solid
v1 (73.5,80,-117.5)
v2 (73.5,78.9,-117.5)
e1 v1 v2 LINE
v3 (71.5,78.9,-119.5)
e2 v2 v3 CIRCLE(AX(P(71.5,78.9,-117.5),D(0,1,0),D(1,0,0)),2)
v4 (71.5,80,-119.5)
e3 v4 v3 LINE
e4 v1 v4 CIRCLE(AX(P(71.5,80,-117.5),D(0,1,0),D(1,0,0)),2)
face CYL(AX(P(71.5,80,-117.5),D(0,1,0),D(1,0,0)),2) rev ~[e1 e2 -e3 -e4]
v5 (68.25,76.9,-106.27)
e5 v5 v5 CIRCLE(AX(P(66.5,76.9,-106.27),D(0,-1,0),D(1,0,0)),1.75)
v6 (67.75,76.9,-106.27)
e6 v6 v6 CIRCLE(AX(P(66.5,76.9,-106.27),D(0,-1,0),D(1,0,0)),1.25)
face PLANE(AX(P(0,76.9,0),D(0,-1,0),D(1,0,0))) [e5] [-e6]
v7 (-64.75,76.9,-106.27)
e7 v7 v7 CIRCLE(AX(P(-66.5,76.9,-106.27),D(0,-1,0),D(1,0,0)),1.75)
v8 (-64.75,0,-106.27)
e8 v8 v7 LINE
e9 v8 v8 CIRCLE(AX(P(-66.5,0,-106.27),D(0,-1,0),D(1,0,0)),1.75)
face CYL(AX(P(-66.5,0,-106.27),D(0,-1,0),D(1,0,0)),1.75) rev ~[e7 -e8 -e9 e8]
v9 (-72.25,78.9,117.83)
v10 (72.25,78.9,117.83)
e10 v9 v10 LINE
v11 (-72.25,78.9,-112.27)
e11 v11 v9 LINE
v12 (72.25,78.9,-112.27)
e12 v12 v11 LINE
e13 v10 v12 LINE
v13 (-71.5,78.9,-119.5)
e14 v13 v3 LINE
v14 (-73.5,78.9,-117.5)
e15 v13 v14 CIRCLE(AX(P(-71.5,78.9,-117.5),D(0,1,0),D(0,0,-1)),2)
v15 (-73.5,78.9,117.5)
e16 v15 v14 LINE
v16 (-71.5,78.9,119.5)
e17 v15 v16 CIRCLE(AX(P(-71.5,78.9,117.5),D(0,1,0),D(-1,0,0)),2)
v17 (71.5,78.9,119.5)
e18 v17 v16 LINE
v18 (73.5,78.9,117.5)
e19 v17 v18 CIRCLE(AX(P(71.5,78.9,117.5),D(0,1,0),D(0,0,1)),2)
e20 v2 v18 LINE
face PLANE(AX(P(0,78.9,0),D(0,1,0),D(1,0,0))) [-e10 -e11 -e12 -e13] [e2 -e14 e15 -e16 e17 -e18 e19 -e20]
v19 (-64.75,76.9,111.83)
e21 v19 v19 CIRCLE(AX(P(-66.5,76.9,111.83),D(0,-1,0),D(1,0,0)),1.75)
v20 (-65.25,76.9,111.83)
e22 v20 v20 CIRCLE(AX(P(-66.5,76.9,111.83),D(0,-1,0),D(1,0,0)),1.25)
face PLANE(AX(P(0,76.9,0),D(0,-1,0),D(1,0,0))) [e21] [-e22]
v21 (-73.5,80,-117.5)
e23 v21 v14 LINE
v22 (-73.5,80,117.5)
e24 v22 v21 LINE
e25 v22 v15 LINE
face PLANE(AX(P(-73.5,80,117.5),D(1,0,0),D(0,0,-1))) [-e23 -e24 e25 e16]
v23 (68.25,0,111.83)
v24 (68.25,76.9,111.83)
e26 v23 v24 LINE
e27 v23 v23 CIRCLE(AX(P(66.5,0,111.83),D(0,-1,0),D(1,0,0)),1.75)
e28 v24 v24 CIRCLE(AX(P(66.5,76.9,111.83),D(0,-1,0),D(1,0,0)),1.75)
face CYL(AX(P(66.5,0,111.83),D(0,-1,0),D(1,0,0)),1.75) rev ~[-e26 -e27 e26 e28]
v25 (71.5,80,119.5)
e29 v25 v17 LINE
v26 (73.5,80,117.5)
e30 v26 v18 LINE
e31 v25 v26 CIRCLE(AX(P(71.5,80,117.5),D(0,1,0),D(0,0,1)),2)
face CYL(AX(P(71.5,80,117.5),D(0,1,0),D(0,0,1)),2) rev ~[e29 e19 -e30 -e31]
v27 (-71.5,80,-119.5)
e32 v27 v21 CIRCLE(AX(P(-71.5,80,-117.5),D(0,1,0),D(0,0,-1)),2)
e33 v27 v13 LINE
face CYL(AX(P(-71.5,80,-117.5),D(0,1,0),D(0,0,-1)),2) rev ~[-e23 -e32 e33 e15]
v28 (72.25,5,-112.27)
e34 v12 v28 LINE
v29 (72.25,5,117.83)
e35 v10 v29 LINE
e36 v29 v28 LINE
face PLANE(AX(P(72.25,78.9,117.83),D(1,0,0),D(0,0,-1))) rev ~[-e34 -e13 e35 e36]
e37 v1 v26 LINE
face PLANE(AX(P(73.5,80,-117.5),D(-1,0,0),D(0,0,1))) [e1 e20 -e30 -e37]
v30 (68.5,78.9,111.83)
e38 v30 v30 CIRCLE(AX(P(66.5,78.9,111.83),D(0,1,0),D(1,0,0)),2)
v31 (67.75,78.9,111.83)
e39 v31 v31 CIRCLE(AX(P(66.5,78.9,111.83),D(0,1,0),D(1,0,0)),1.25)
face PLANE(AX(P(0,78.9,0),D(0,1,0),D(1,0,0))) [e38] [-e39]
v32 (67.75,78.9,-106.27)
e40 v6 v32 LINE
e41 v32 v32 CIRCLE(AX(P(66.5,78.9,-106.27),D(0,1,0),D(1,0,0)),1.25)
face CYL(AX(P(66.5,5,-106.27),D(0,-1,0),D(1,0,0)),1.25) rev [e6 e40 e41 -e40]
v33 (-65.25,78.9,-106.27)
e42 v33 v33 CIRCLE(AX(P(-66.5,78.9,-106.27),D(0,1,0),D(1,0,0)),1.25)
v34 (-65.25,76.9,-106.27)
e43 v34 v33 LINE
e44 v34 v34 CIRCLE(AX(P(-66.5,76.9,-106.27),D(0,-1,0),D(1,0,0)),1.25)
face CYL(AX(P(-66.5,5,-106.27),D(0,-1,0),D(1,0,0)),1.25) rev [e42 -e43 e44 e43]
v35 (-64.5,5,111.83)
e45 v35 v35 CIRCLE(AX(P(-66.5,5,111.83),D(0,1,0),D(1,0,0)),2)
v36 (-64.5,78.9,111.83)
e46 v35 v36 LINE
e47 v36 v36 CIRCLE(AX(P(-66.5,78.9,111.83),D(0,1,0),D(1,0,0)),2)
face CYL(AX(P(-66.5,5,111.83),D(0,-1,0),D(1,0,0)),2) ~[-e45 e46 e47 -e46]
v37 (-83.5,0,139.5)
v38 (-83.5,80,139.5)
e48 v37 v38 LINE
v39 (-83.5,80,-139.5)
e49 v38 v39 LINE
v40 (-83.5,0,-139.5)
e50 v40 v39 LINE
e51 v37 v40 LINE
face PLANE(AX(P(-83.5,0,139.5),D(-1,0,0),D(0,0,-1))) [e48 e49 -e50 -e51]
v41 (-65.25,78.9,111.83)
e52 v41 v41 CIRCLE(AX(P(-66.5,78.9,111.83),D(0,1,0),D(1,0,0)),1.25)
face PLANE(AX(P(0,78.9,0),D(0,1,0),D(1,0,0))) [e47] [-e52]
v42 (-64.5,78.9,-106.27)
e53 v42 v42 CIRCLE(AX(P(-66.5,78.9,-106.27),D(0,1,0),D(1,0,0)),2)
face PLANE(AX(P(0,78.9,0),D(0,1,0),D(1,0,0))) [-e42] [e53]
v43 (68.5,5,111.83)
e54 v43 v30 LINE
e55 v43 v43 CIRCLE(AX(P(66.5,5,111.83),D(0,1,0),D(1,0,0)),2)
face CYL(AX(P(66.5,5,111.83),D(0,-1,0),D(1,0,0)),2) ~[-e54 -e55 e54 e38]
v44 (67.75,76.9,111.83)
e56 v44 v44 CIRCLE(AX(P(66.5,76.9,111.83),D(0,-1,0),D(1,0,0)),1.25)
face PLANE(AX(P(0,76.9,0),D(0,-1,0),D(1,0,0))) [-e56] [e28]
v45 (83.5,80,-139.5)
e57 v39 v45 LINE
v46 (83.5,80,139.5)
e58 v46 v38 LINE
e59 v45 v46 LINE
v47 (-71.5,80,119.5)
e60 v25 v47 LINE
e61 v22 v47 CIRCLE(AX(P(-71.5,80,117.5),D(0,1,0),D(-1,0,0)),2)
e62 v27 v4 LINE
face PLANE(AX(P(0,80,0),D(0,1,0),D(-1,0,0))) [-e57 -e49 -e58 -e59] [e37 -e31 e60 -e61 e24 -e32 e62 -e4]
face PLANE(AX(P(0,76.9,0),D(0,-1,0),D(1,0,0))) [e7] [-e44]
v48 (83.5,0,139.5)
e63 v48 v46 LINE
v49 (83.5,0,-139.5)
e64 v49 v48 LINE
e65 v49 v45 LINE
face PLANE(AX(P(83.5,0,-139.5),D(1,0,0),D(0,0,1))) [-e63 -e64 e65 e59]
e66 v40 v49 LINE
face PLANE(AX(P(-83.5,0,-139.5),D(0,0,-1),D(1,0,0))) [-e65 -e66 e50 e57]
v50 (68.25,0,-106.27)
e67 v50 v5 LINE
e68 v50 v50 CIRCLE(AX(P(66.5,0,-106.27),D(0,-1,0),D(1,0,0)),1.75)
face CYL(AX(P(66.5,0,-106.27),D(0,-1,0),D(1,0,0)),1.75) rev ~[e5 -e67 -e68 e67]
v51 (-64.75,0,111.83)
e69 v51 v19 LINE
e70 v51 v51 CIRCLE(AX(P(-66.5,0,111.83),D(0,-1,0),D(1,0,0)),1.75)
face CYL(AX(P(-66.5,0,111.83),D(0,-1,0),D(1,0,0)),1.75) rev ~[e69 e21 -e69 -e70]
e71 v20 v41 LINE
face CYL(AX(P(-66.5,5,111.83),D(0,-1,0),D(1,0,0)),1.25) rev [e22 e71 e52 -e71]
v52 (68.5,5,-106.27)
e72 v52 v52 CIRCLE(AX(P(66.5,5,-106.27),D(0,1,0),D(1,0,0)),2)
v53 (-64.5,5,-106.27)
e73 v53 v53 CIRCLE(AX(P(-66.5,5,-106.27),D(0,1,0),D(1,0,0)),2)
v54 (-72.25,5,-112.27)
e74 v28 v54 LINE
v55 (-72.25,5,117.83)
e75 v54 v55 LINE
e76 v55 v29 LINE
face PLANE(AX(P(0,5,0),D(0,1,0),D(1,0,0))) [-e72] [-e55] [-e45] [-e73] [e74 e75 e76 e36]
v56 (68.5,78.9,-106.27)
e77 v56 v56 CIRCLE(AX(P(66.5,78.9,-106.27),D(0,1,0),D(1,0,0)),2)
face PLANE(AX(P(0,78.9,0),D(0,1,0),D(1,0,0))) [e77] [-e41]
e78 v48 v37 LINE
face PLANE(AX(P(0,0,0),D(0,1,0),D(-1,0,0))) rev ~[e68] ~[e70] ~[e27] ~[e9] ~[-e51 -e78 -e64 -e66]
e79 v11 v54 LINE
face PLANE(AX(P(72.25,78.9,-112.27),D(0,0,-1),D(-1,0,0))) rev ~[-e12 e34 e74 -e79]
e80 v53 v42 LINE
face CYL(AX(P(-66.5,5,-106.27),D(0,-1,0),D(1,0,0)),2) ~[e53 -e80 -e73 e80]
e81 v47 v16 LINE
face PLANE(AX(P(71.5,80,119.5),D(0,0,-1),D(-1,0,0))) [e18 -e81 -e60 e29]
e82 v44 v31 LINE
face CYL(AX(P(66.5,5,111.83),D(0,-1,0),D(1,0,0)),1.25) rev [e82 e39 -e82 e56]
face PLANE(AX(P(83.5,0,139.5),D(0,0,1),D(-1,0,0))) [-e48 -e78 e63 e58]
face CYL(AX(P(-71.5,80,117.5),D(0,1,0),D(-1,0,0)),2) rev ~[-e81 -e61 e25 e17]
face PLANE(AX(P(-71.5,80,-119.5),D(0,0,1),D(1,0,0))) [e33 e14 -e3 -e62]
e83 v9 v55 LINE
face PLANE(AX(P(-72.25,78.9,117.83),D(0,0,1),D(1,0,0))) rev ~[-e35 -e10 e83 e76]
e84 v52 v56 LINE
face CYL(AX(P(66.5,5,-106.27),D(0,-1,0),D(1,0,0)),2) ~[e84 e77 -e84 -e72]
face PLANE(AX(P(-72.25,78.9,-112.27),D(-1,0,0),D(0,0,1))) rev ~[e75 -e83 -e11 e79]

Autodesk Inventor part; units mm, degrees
ref_plane "YZ Plane" through (0, 0, 0) normal (1, 0, 0) x (0, 1, 0)
ref_plane "XZ Plane" through (0, 0, 0) normal (0, 1, 0) x (-1, 0, 0)
ref_plane "XY Plane" through (0, 0, 0) normal (0, 0, 1) x (1, 0, 0)
sketch "Sketch1" plane through (0, 0, 0) normal (0, 1, 0) x (-1, 0, 0)
  line L0 (-83.5, 139.5) -> (83.5, 139.5)
  line L1 (83.5, 139.5) -> (83.5, -139.5)
  line L2 (83.5, -139.5) -> (-83.5, -139.5)
  line L3 (-83.5, -139.5) -> (-83.5, 139.5)
  line L4 (-83.5, 139.5) -> (83.5, -139.5) construction
  line L5 (83.5, 139.5) -> (-83.5, -139.5) construction
  point P0 (0, 0)
  dimension "d0" = 167
  dimension "d1" = 279
extrude "Extrusion1" add sketch "Sketch1" along normal blind 80
sketch "Sketch2" plane through (0, 80, 0) normal (0, 1, 0) x (1, 0, 0)
  line L0 (71.5, -119.5) -> (-71.5, -119.5)
  line L1 (-73.5, -117.5) -> (-73.5, 117.5)
  line L2 (-71.5, 119.5) -> (71.5, 119.5)
  line L3 (73.5, 117.5) -> (73.5, -117.5)
  line L4 (73.5, -119.5) -> (-73.5, 119.5) construction
  line L5 (-73.5, -119.5) -> (73.5, 119.5) construction
  arc A0 (-73.5, -117.5) -> (-71.5, -119.5) centre (-71.5, -117.5) ccw
  arc A1 (-71.5, 119.5) -> (-73.5, 117.5) centre (-71.5, 117.5) ccw
  arc A2 (73.5, 117.5) -> (71.5, 119.5) centre (71.5, 117.5) ccw
  arc A3 (71.5, -119.5) -> (73.5, -117.5) centre (71.5, -117.5) ccw
  point P0 (0, 0)
  dimension "d4" = 147
  dimension "d5" = 239
  dimension "d6" = 2
extrude "Extrusion2" cut sketch "Sketch2" against normal blind 1.1
sketch "Sketch3" plane through (0, 78.9, 0) normal (0, 1, 0) x (1, 0, 0)
  line L0 (-73.5, -117.5) -> (-73.5, 117.5) projected
  line L1 (71.5, -119.5) -> (-71.5, -119.5) projected
  line L2 (-72.25, -117.83) -> (72.25, -117.83)
  line L3 (72.25, -117.83) -> (72.25, 112.27)
  line L4 (72.25, 112.27) -> (-72.25, 112.27)
  line L5 (-72.25, 112.27) -> (-72.25, -117.83)
  point P0 (0, 0)
  dimension "d9" = 1.25
  dimension "d10" = 1.67
  dimension "d11" = 144.5
  dimension "d12" = 230.1
extrude "Extrusion3" cut sketch "Sketch3" against normal blind 73.9
sketch "Sketch4" plane through (0, 5, 0) normal (0, 1, 0) x (1, 0, 0)
  circle A0 centre (-66.5, -111.83) radius 2
  line L0 (72.25, -117.83) -> (-72.25, -117.83) projected
  line L1 (-72.25, -117.83) -> (-72.25, 112.27) projected
  circle A1 centre (66.5, -111.83) radius 2
  line L2 (72.25, 112.27) -> (72.25, -117.83) projected
  circle A2 centre (-66.5, 106.27) radius 2
  line L3 (-72.25, 112.27) -> (72.25, 112.27) projected
  circle A3 centre (66.5, 106.27) radius 2
  point P0 (0, 0)
  dimension "d15" = 4
  dimension "d16" = 6
  dimension "d17" = 5.75
  dimension "d18" = 4
  dimension "d19" = 6
  dimension "d20" = 5.75
  dimension "d21" = 4
  dimension "d22" = 5.75
  dimension "d23" = 6
  dimension "d24" = 4
  dimension "d25" = 6
  dimension "d26" = 5.75
extrude "Extrusion4" add sketch "Sketch4" along normal blind 73.9 contours A0 | A1 | A2 | A3
sketch "Sketch5" plane through (0, 5, 0) normal (0, 1, 0) x (1, 0, 0)
  circle A0 centre (-66.5, -111.83) radius 2 projected
  circle A1 centre (-66.5, -111.83) radius 1.25
  circle A2 centre (-66.5, 106.27) radius 2 projected
  circle A3 centre (-66.5, 106.27) radius 1.25
  circle A4 centre (66.5, 106.27) radius 2 projected
  circle A5 centre (66.5, 106.27) radius 1.25
  circle A6 centre (66.5, -111.83) radius 1.25
  point P0 (0, 0)
  dimension "d29" = 2.5
  dimension "d30" = 2.5
  dimension "d31" = 2.5
  dimension "d32" = 2.5
extrude "Extrusion5" cut sketch "Sketch5" along normal blind 73.9 and the other way blind 5 contours A1 | A3 | A5 | A6
sketch "Sketch6" plane through (0, 0, 0) normal (0, -1, 0) x (1, 0, 0)
  circle A0 centre (-66.5, -106.27) radius 1.25 projected
  circle A1 centre (-66.5, -106.27) radius 1.75
  circle A2 centre (-66.5, 111.83) radius 1.25 projected
  circle A3 centre (-66.5, 111.83) radius 1.75
  circle A4 centre (66.5, 111.83) radius 1.25 projected
  circle A5 centre (66.5, 111.83) radius 1.75
  circle A6 centre (66.5, -106.27) radius 1.25 projected
  circle A7 centre (66.5, -106.27) radius 1.75
  point P0 (0, 0)
  dimension "d37" = 3.5
  dimension "d38" = 3.5
  dimension "d39" = 3.5
  dimension "d40" = 3.5
extrude "Extrusion6" cut sketch "Sketch6" against normal blind 76.9 contours A0 | A1 | A2 | A3 | A4 | A5 | A6 | A7
properties part number "Enclosure"
